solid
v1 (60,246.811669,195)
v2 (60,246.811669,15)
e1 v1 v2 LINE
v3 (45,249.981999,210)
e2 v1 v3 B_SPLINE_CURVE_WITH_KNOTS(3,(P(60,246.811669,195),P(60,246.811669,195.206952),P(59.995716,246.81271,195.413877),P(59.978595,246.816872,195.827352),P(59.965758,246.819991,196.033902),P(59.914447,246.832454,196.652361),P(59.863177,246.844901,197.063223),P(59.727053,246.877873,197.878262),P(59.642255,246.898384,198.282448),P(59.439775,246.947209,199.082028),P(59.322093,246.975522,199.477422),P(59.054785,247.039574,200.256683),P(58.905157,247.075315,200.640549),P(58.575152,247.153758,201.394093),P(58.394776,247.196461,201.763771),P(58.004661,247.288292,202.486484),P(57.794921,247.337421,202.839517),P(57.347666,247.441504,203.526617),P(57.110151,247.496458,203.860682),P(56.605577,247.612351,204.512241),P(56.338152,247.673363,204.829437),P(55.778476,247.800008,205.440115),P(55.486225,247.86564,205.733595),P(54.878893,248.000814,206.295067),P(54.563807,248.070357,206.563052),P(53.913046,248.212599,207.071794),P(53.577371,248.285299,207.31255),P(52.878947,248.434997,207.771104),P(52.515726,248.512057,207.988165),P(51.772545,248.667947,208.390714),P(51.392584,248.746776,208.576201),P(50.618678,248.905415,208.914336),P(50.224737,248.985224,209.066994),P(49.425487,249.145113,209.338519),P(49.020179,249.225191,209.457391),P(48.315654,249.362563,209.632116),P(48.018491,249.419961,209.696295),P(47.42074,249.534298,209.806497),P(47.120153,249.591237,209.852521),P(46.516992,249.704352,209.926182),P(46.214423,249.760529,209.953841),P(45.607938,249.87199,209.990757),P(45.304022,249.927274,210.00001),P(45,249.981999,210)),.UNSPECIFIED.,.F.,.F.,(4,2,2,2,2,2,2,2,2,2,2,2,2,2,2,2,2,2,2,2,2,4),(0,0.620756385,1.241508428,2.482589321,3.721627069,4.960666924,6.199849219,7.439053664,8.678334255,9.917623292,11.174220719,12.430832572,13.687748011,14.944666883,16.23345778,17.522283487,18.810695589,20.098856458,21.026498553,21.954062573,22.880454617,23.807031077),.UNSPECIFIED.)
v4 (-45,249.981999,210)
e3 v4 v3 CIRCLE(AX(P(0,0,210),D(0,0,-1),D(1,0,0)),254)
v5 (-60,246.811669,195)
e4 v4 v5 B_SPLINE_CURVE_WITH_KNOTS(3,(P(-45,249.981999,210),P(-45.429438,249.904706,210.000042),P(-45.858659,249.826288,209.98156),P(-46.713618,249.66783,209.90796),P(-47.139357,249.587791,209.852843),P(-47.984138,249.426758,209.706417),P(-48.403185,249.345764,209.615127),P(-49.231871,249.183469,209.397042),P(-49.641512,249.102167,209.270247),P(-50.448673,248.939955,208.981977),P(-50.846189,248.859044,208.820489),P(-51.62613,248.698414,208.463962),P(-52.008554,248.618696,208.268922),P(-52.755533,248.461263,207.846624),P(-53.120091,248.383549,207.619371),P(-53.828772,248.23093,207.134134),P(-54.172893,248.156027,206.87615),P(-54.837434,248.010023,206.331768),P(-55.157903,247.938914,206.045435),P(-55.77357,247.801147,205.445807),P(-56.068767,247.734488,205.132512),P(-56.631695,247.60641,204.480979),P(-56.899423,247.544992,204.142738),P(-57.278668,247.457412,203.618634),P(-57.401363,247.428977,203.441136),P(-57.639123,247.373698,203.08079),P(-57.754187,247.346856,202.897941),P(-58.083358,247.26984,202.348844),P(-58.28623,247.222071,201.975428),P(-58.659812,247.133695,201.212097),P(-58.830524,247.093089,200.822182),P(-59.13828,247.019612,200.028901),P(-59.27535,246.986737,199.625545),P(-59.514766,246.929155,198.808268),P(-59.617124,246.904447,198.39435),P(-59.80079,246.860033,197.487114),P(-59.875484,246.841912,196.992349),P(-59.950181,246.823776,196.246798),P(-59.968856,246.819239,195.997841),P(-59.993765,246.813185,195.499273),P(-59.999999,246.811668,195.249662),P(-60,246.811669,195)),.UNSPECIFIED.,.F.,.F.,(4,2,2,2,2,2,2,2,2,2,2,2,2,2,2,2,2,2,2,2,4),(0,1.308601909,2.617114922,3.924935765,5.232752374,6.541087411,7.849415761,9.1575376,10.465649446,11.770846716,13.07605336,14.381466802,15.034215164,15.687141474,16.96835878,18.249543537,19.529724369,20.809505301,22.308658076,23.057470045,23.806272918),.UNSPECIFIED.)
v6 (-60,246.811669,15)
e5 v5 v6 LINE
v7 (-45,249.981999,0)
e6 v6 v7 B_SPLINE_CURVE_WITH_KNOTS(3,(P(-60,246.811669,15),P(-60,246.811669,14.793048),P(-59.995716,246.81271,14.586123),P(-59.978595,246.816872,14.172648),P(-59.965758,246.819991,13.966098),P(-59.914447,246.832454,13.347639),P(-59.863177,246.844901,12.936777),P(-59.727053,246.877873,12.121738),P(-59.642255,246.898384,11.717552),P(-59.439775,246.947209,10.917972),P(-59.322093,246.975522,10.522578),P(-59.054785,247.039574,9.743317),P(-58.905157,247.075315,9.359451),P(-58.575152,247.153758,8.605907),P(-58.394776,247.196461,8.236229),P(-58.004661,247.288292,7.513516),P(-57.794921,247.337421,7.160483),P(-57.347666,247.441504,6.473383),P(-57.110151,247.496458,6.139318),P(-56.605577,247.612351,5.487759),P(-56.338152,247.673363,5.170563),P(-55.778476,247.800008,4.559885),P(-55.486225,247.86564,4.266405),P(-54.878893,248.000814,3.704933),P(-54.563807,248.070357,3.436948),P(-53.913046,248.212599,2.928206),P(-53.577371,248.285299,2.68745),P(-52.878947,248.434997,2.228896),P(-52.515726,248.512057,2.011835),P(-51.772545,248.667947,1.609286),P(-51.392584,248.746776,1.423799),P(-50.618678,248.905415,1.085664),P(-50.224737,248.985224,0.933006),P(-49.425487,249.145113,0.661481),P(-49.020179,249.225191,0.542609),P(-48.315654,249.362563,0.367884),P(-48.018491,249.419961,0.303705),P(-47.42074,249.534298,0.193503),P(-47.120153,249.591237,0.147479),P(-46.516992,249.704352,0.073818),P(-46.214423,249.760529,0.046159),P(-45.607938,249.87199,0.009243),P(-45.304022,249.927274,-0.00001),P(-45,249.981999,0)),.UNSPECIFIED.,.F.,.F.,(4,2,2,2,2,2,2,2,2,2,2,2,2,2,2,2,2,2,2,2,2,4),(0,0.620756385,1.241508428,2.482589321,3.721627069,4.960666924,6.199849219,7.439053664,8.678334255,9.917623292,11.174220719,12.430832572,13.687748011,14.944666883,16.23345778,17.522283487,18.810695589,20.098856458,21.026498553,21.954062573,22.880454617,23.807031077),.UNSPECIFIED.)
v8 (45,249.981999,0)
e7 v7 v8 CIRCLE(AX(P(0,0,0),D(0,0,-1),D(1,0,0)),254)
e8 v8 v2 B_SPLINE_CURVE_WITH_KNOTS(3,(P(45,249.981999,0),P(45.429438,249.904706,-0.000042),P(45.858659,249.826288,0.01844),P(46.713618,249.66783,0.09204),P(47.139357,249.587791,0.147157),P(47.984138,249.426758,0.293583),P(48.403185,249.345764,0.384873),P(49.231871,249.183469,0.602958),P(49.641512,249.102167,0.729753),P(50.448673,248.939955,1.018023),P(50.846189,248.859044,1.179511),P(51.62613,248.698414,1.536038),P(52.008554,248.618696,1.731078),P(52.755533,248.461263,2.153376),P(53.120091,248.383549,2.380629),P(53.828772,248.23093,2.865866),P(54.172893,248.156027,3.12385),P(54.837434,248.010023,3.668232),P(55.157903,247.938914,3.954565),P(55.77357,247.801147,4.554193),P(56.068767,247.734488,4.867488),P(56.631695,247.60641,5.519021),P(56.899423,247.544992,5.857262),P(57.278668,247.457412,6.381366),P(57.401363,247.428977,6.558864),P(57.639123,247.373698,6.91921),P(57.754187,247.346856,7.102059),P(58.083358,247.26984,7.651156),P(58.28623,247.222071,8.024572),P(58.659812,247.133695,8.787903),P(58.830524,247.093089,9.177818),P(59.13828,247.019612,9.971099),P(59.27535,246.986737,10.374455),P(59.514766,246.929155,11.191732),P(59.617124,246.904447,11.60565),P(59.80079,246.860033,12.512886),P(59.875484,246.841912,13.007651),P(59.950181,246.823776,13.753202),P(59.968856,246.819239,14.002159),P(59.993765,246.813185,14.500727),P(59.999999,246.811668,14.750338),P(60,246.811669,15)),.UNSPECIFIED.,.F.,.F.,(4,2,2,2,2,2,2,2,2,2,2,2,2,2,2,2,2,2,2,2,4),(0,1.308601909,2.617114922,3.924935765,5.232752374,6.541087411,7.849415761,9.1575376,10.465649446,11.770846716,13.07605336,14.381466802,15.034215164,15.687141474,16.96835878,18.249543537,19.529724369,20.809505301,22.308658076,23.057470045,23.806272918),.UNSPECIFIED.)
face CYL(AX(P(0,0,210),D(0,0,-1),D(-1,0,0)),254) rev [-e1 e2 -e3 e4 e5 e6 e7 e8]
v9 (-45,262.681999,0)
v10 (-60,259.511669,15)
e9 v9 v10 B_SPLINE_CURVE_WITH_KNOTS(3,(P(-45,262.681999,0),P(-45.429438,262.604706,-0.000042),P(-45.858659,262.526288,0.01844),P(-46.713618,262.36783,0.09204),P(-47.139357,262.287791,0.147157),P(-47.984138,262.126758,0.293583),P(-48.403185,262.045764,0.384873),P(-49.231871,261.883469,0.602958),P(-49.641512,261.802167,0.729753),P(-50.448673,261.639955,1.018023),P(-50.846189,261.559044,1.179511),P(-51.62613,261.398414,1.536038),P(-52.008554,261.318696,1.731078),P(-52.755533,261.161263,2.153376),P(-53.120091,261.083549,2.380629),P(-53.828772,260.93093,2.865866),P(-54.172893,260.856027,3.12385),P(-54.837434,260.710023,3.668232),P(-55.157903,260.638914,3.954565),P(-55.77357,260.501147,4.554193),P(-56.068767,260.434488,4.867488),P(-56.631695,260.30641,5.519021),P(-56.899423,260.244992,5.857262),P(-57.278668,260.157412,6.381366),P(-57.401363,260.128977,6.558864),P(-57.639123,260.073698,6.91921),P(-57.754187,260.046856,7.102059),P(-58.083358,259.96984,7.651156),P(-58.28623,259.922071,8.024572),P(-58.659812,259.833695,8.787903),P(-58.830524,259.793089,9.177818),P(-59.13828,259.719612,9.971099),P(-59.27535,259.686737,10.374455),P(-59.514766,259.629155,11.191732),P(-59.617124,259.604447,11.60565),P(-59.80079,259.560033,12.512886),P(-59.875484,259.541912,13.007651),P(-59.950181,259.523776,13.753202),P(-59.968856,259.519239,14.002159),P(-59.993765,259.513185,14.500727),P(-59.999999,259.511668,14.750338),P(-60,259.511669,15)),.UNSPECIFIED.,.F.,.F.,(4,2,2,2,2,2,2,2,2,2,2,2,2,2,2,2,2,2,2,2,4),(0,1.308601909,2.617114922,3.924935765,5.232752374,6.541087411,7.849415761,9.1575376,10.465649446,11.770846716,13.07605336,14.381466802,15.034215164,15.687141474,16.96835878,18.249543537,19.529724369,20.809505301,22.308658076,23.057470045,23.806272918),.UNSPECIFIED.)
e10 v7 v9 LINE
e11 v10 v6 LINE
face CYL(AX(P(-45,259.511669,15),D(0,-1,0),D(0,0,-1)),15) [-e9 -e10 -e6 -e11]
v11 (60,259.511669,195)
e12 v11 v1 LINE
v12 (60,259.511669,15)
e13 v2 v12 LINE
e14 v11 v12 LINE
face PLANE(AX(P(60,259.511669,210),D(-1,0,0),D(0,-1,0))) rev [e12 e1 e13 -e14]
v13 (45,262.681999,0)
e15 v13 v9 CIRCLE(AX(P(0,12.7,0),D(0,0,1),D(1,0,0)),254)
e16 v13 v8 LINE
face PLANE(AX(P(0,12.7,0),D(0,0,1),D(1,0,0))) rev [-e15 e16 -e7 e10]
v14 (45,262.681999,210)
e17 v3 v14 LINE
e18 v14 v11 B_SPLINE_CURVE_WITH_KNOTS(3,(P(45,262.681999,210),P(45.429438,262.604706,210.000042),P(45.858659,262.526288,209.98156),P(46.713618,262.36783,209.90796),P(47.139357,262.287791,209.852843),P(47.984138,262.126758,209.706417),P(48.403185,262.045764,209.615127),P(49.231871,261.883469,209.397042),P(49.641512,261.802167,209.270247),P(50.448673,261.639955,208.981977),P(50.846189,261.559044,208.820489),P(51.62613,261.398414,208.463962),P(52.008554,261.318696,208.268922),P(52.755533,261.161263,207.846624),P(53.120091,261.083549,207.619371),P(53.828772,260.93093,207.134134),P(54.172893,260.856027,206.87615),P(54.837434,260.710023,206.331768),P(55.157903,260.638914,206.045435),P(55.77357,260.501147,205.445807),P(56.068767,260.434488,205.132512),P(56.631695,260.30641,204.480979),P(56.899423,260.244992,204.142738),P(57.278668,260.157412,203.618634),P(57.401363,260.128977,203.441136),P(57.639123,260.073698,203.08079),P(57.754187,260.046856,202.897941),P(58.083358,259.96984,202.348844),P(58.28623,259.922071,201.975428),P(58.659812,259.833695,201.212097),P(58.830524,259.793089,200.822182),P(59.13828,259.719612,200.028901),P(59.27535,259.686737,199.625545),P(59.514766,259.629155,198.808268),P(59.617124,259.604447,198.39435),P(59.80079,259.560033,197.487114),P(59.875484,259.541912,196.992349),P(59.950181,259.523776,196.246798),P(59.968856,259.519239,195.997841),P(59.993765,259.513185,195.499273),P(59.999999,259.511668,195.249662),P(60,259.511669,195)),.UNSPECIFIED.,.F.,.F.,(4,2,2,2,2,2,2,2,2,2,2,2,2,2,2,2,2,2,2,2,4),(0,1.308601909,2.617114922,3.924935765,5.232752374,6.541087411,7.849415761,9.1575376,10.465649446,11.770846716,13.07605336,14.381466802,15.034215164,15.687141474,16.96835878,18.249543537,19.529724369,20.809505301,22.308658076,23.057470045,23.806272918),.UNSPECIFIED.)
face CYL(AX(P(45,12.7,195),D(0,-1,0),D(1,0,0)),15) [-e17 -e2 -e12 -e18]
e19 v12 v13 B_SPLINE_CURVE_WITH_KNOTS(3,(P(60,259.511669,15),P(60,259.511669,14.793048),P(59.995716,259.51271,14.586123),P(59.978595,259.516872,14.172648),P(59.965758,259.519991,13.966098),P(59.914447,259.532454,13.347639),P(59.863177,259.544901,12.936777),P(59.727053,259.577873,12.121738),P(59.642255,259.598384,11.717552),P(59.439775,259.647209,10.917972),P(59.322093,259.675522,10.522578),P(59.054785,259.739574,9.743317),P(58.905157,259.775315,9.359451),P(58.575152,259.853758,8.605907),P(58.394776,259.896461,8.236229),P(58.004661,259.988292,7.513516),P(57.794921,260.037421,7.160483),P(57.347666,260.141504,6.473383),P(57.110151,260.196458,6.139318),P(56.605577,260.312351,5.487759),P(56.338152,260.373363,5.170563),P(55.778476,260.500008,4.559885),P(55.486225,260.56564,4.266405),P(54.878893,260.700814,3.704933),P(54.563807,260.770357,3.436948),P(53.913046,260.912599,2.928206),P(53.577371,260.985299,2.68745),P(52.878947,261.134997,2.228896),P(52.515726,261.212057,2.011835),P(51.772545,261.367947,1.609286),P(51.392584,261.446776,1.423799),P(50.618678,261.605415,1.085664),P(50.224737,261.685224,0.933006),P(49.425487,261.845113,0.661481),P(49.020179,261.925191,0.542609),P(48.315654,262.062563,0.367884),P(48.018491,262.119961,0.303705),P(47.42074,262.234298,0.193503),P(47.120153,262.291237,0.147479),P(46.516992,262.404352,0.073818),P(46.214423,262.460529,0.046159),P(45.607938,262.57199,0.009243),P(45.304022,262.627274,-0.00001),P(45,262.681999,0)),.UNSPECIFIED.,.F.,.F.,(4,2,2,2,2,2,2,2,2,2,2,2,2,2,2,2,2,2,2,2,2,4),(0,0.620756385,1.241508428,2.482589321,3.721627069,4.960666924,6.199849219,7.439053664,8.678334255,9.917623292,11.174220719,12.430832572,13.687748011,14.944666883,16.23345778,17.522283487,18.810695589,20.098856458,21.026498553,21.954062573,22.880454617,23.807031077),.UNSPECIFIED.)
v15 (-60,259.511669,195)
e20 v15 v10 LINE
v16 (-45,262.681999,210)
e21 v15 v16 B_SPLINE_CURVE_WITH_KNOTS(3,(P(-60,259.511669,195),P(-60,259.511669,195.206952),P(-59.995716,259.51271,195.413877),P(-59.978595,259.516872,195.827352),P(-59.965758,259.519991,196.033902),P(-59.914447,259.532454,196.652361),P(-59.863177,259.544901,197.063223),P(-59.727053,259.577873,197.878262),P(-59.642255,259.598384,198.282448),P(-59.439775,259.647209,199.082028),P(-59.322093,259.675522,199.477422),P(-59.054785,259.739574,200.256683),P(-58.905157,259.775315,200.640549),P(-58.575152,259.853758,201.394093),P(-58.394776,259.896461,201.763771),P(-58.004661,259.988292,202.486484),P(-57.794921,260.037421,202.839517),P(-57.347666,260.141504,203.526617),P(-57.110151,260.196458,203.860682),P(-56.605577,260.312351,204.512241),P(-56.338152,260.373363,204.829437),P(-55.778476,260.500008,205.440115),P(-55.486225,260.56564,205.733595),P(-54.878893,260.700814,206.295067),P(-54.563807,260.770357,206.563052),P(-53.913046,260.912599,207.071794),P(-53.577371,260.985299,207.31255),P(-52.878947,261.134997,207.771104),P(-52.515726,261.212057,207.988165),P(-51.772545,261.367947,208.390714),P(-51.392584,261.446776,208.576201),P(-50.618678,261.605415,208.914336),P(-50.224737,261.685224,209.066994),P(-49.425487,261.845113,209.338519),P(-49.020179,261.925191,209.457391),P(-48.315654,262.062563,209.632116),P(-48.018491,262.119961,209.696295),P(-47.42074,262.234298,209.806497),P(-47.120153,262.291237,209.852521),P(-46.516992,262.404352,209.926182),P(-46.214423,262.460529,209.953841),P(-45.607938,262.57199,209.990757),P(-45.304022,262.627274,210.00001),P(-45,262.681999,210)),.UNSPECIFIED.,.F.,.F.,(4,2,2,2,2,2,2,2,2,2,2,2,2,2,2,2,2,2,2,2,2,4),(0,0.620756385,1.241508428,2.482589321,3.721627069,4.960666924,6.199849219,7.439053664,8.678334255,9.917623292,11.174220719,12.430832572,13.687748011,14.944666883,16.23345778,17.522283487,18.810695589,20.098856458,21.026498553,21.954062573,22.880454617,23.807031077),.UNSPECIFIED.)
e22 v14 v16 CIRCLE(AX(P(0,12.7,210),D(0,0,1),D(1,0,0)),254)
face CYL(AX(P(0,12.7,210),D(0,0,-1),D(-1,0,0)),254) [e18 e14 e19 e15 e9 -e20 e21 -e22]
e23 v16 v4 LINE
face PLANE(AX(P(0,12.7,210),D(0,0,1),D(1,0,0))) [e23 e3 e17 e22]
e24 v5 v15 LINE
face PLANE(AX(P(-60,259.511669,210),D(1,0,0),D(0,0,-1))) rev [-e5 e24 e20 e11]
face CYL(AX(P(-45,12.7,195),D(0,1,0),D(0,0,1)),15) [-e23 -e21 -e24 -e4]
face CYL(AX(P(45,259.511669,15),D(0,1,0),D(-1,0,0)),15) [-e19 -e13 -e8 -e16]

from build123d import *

# Parameters (mm, degrees)
BOSS_EXTRUDE1_DEPTH = 210
FILLET2_R           = 15


with BuildPart() as part:
    # Sketch1 → Boss-Extrude1 (new body)
    with BuildSketch(Plane.XY):
        with BuildLine():
            Line((-60, 259.511669092), (-60, 246.811669092))
            ThreePointArc((-60, 246.811669092), (0, 254), (60, 246.811669092))
            Line((60, 246.811669092), (60, 259.511669092))
            ThreePointArc((60, 259.511669092), (0, 266.7), (-60, 259.511669092))
        make_face()
    extrude(amount=BOSS_EXTRUDE1_DEPTH)

    # Fillet2
    fillet2_edges = [part.edges().sort_by_distance(p)[0] for p in [
        (60, 253.161669092, 210),
        (60, 253.161669092, 0),
        (-60, 253.161669092, 0),
        (-60, 253.161669092, 210),
    ]]
    fillet(fillet2_edges, radius=FILLET2_R)


solid = part.part
